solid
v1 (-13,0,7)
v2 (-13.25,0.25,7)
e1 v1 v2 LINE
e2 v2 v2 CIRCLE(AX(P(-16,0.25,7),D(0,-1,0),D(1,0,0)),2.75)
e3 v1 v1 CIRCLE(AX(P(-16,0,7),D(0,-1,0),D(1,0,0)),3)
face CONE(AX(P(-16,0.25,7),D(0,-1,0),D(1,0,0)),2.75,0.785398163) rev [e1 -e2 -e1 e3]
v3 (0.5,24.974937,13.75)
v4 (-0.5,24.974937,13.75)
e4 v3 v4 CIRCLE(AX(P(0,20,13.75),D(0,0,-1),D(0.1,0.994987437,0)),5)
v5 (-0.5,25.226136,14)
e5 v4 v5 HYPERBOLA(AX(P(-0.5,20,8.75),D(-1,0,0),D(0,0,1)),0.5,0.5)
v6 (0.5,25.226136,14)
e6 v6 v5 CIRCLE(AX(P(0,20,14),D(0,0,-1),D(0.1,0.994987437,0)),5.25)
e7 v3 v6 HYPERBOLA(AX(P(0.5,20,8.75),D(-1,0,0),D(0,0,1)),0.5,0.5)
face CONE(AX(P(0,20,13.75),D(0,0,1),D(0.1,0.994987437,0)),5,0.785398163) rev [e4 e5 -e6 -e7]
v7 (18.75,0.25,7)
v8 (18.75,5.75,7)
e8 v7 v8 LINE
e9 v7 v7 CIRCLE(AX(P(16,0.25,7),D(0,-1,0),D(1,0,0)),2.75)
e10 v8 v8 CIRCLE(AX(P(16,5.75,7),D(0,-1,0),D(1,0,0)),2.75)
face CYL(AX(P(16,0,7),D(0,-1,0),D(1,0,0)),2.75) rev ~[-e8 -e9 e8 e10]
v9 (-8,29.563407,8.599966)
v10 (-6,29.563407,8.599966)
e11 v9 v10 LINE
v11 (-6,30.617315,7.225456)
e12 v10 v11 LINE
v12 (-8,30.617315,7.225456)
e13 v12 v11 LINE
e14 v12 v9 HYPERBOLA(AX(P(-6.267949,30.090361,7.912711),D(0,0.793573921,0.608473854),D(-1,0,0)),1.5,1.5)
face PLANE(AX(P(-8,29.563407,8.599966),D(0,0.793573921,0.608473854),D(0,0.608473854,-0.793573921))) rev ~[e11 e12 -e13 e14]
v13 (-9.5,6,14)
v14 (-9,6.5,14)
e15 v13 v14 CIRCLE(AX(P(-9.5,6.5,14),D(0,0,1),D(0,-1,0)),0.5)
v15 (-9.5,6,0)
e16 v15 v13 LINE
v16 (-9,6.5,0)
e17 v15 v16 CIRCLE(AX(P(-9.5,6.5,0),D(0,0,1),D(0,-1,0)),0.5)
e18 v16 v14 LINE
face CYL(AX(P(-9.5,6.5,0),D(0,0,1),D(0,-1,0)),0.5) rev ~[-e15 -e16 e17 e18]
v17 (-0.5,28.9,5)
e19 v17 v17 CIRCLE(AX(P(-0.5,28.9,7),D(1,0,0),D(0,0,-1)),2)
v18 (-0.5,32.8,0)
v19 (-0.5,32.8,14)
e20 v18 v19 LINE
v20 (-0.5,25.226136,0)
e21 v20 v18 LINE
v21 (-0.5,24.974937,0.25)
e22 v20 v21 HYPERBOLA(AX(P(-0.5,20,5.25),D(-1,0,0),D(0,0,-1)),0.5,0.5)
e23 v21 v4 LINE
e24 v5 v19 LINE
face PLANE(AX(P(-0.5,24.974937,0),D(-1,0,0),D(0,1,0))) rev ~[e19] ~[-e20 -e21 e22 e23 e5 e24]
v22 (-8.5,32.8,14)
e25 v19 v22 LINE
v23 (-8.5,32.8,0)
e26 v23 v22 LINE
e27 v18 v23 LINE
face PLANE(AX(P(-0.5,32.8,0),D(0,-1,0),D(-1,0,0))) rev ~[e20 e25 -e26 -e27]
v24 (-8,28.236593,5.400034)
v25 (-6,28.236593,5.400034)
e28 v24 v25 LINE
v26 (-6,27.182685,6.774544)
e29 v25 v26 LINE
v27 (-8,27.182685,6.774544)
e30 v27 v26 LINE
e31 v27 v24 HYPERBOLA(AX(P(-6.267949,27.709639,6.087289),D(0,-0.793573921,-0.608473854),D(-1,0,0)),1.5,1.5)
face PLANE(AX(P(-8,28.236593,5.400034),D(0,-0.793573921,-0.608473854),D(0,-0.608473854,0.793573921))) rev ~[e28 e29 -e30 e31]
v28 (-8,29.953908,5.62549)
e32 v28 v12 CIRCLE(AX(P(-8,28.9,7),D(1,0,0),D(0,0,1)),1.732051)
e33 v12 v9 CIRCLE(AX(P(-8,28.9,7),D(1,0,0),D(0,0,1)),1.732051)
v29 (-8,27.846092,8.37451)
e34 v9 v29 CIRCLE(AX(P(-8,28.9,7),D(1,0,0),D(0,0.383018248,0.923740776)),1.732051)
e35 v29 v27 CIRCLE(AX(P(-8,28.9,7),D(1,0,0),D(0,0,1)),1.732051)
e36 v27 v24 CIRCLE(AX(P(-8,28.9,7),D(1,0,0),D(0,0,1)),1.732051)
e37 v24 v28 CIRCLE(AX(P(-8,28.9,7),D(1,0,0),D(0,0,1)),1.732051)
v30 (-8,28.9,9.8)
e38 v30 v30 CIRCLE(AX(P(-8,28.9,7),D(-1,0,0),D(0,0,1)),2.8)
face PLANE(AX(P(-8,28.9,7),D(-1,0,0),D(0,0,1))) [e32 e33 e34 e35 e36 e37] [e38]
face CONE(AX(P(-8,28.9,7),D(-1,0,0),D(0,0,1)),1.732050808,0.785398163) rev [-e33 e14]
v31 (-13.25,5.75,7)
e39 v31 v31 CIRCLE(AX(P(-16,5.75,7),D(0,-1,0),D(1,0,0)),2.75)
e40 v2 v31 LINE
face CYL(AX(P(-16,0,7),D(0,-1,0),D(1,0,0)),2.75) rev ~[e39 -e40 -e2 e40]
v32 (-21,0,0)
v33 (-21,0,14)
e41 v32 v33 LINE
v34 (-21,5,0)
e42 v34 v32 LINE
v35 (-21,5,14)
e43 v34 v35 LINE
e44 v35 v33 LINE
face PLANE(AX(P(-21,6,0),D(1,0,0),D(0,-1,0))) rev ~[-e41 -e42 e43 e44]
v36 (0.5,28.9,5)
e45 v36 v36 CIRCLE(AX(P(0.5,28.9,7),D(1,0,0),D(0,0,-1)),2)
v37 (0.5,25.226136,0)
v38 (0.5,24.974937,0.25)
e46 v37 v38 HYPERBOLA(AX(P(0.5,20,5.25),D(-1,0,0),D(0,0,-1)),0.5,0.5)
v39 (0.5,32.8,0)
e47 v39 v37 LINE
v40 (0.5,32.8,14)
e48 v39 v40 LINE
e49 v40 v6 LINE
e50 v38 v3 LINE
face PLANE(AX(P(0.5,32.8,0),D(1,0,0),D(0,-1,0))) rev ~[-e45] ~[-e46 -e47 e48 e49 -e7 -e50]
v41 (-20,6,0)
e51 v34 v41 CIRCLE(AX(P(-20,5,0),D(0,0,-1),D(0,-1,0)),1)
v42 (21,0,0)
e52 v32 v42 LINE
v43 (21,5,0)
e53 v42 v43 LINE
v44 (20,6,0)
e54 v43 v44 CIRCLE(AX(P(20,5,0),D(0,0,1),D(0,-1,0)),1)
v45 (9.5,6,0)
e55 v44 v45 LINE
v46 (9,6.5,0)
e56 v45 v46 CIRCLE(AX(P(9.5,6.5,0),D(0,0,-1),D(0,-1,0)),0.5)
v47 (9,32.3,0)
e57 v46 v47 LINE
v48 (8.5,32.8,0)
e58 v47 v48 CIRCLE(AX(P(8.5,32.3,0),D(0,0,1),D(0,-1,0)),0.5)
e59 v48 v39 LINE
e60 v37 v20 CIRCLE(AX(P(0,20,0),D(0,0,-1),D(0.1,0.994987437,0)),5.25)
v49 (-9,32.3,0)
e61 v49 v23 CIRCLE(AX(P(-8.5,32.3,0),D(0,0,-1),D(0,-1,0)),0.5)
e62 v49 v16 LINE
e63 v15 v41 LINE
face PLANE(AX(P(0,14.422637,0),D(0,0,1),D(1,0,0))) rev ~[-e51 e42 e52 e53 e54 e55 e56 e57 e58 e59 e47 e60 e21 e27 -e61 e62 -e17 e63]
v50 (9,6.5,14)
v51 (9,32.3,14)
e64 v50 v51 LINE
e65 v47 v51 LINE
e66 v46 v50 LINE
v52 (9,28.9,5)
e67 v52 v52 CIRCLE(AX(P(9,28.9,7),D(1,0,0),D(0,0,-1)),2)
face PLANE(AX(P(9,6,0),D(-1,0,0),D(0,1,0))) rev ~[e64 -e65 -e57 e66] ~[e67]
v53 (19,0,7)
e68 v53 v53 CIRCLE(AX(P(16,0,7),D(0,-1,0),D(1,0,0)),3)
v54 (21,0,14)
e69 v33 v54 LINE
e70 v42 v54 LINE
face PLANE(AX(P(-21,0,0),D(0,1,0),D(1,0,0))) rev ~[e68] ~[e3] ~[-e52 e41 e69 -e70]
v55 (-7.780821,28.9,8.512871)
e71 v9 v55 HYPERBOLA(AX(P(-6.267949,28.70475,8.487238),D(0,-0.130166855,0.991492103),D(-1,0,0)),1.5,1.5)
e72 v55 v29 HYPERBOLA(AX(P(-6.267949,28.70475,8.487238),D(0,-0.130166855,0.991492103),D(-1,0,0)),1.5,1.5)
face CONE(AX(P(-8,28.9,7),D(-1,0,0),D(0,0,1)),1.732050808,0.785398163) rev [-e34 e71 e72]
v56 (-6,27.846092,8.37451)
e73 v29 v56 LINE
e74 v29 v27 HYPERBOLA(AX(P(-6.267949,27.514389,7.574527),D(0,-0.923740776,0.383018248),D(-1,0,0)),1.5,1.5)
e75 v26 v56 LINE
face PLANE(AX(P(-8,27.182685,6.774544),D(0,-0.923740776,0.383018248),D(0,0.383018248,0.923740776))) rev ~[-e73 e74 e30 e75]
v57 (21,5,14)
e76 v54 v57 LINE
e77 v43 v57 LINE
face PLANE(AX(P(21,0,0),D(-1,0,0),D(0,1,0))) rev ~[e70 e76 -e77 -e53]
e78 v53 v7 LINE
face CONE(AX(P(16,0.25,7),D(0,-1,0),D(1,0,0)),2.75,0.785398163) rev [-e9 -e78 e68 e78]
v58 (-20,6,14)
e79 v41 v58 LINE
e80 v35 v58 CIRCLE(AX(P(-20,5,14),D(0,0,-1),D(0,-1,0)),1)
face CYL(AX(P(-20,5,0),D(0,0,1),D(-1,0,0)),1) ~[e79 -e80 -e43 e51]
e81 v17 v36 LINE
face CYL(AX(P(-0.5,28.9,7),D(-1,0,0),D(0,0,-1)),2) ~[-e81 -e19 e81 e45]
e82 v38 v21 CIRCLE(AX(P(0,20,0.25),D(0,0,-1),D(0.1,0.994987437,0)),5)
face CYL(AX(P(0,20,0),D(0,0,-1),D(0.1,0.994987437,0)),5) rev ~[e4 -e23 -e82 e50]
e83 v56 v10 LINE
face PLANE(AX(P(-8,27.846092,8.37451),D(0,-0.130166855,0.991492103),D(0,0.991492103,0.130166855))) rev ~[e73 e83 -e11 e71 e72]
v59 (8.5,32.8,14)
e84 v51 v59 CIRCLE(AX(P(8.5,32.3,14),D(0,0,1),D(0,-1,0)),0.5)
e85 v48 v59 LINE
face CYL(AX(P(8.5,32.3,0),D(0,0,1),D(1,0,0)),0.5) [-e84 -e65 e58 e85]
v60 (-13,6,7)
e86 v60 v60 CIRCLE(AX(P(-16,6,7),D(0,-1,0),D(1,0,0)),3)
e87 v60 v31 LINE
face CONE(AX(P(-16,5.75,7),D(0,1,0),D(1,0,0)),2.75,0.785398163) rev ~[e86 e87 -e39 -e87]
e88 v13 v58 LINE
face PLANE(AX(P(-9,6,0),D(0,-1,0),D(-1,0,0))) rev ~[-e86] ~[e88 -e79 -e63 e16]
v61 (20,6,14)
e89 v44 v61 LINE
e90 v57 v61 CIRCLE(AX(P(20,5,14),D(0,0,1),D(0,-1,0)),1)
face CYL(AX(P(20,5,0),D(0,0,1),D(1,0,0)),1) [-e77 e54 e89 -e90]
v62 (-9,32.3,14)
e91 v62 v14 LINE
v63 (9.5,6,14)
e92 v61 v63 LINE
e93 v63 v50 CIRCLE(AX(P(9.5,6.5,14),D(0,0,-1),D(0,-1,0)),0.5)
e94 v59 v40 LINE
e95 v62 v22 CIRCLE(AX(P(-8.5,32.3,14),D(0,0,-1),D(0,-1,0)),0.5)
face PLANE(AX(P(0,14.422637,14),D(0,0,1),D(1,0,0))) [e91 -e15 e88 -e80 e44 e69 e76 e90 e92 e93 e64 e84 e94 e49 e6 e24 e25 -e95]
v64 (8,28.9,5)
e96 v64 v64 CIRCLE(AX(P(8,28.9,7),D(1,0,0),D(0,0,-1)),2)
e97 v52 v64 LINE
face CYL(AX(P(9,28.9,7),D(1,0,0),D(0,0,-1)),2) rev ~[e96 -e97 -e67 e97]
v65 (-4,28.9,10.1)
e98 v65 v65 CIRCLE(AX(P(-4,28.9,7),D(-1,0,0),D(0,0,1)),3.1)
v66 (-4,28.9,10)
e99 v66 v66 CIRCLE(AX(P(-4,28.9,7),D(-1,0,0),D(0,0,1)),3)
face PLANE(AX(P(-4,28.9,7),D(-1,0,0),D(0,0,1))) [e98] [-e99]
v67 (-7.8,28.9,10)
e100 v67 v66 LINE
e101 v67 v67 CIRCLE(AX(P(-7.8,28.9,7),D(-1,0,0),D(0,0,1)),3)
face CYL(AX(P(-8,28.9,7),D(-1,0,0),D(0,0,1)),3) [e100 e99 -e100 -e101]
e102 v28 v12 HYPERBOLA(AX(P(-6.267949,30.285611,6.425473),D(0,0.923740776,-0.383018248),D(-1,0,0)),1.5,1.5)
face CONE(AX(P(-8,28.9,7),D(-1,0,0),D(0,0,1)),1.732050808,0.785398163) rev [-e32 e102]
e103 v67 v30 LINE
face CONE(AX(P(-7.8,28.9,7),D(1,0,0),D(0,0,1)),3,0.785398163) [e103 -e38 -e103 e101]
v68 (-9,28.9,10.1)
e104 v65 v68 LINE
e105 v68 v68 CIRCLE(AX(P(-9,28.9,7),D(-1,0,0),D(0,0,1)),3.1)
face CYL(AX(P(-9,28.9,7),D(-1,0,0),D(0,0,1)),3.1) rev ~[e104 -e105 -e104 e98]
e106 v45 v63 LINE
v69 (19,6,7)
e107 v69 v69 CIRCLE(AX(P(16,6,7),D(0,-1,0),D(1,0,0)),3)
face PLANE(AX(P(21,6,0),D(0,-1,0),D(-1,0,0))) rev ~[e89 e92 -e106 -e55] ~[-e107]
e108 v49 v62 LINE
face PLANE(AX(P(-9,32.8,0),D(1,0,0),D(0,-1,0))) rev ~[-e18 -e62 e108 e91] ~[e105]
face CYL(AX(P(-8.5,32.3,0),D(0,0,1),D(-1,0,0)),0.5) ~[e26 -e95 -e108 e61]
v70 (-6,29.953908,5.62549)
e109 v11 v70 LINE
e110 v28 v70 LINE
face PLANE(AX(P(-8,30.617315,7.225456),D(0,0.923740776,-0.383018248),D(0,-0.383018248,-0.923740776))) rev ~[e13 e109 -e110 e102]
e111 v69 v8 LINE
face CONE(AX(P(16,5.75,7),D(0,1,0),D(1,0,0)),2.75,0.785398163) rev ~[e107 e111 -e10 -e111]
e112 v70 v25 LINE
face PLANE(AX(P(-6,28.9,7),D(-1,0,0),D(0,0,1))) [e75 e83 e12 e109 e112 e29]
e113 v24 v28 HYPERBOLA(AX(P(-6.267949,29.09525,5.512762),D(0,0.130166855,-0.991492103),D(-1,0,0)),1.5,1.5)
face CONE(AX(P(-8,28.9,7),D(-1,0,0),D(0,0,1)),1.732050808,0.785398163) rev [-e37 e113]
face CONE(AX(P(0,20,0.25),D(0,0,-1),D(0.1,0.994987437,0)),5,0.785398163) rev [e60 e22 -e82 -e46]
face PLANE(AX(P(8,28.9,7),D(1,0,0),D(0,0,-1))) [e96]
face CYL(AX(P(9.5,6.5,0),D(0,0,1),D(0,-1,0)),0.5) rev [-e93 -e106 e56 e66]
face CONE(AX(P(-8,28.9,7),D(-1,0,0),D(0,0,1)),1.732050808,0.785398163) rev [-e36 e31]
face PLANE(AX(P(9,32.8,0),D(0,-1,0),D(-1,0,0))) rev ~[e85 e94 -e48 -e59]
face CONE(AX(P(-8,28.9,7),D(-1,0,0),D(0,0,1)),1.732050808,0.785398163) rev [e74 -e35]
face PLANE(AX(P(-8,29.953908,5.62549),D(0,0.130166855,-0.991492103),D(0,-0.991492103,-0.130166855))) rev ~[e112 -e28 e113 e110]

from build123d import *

# Parameters (mm, degrees)
BOSS_EXTRUDE1_DEPTH     = 14
SKETCH3_R               = 2.75
CUT_EXTRUDE1_DEPTH      = 1
CUT_EXTRUDE1_DEPTH_BACK = 6
FILLET1_R               = 1
FILLET2_R               = 0.5
CHAMFER1_SIZE           = 0.25
SKETCH4_R               = 3.1
CUT_EXTRUDE2_DEPTH      = 1
SKETCH5_R               = 3.1
SKETCH5_R_2             = 3
CUT_EXTRUDE3_DEPTH      = 4
CHAMFER2_SIZE           = 0.2
CUT_EXTRUDE4_DEPTH      = 2
SKETCH7_R               = 2
BOSS_EXTRUDE2_DEPTH     = 1
SKETCH8_R               = 2
CUT_EXTRUDE5_DEPTH      = 1
SKETCH9_R               = 1.732050808
CUT_EXTRUDE6_DEPTH      = 1
CUT_EXTRUDE6_TAPER      = 45


with BuildPart() as part:
    # Sketch1 → Boss-Extrude1 (new body)
    with BuildSketch(Plane.XY):
        with BuildLine():
            Line((-21, 0), (21, 0))
            Line((21, 0), (21, 6))
            Line((21, 6), (9, 6))
            Line((9, 6), (9, 32.8))
            Line((9, 32.8), (0.5, 32.8))
            Line((0.5, 32.8), (0.5, 24.974937186))
            ThreePointArc((0.5, 24.974937186), (0, 15), (-0.5, 24.974937186))
            Line((-0.5, 24.974937186), (-0.5, 32.8))
            Line((-0.5, 32.8), (-9, 32.8))
            Line((-9, 32.8), (-9, 6))
            Line((-9, 6), (-21, 6))
            Line((-21, 6), (-21, 0))
        make_face()
    extrude(amount=BOSS_EXTRUDE1_DEPTH)

    # Sketch3 → Cut-Extrude1 (cut, two sides)
    with BuildSketch(Plane.XZ) as cut_extrude1_sk:
        with Locations((-16, 7)):
            Circle(SKETCH3_R)
        with Locations((16, 7)):
            Circle(SKETCH3_R)
    extrude(amount=CUT_EXTRUDE1_DEPTH, mode=Mode.SUBTRACT)
    extrude(cut_extrude1_sk.sketch, amount=-CUT_EXTRUDE1_DEPTH_BACK, mode=Mode.SUBTRACT)

    # Fillet1
    fillet1_edges = [part.edges().sort_by_distance(p)[0] for p in [
        (-21, 6, 7),
        (21, 6, 7),
    ]]
    fillet(fillet1_edges, radius=FILLET1_R)

    # Fillet2
    fillet2_edges = [part.edges().sort_by_distance(p)[0] for p in [
        (-9, 6, 7),
        (-9, 32.8, 7),
        (9, 32.8, 7),
        (9, 6, 7),
    ]]
    fillet(fillet2_edges, radius=FILLET2_R)

    # Chamfer1
    chamfer1_edges = [part.edges().sort_by_distance(p)[0] for p in [
        (0, 15, 0),
        (0, 15, 14),
        (13.25, 6, 7),
        (13.25, 0, 7),
        (-18.75, 6, 7),
        (-18.75, 0, 7),
    ]]
    chamfer(chamfer1_edges, length=CHAMFER1_SIZE)

    # Sketch4 → Cut-Extrude2 (cut)
    with BuildSketch(Plane.ZY.offset(9)):
        with Locations((7, 28.9)):
            Circle(SKETCH4_R)
    extrude(amount=-CUT_EXTRUDE2_DEPTH, mode=Mode.SUBTRACT)

    # Sketch5 → Cut-Extrude3 (cut)
    with BuildSketch(Plane.ZY.offset(8)):
        with Locations((7, 28.9)):
            Circle(SKETCH5_R)
        with Locations((7, 28.9)):
            Circle(SKETCH5_R_2, mode=Mode.SUBTRACT)
    extrude(amount=-CUT_EXTRUDE3_DEPTH, mode=Mode.SUBTRACT)

    # Chamfer2
    chamfer2_edges = [part.edges().sort_by_distance(p)[0] for p in [
        (-8, 28.9, 4),
    ]]
    chamfer(chamfer2_edges, length=CHAMFER2_SIZE)

    # Sketch6 → Cut-Extrude4 (cut)
    with BuildSketch(Plane.ZY.offset(8)):
        Polygon((7.225455606, 30.617314697), (5.625489649, 29.953907631), (5.400034043, 28.236592934), (6.774544394, 27.182685303), (8.374510351, 27.846092369), (8.599965957, 29.563407066), align=None)
    extrude(amount=-CUT_EXTRUDE4_DEPTH, mode=Mode.SUBTRACT)

    # Sketch7 → Boss-Extrude2 (add)
    with BuildSketch(Plane(origin=(-0.5, 0, 0), x_dir=(0, 0, -1), z_dir=(1, 0, 0))):
        with Locations((-7, 28.9)):
            Circle(SKETCH7_R)
    extrude(amount=BOSS_EXTRUDE2_DEPTH)

    # Sketch8 → Cut-Extrude5 (cut)
    with BuildSketch(Plane(origin=(9, 0, 0), x_dir=(0, 0, -1), z_dir=(1, 0, 0))):
        with Locations((-7, 28.9)):
            Circle(SKETCH8_R)
    extrude(amount=-CUT_EXTRUDE5_DEPTH, mode=Mode.SUBTRACT)

    # Sketch9 → Cut-Extrude6 (cut)
    with BuildSketch(Plane.ZY.offset(8)):
        with Locations((7, 28.9)):
            Circle(SKETCH9_R)
    extrude(amount=-CUT_EXTRUDE6_DEPTH, taper=CUT_EXTRUDE6_TAPER, mode=Mode.SUBTRACT)


solid = part.part
